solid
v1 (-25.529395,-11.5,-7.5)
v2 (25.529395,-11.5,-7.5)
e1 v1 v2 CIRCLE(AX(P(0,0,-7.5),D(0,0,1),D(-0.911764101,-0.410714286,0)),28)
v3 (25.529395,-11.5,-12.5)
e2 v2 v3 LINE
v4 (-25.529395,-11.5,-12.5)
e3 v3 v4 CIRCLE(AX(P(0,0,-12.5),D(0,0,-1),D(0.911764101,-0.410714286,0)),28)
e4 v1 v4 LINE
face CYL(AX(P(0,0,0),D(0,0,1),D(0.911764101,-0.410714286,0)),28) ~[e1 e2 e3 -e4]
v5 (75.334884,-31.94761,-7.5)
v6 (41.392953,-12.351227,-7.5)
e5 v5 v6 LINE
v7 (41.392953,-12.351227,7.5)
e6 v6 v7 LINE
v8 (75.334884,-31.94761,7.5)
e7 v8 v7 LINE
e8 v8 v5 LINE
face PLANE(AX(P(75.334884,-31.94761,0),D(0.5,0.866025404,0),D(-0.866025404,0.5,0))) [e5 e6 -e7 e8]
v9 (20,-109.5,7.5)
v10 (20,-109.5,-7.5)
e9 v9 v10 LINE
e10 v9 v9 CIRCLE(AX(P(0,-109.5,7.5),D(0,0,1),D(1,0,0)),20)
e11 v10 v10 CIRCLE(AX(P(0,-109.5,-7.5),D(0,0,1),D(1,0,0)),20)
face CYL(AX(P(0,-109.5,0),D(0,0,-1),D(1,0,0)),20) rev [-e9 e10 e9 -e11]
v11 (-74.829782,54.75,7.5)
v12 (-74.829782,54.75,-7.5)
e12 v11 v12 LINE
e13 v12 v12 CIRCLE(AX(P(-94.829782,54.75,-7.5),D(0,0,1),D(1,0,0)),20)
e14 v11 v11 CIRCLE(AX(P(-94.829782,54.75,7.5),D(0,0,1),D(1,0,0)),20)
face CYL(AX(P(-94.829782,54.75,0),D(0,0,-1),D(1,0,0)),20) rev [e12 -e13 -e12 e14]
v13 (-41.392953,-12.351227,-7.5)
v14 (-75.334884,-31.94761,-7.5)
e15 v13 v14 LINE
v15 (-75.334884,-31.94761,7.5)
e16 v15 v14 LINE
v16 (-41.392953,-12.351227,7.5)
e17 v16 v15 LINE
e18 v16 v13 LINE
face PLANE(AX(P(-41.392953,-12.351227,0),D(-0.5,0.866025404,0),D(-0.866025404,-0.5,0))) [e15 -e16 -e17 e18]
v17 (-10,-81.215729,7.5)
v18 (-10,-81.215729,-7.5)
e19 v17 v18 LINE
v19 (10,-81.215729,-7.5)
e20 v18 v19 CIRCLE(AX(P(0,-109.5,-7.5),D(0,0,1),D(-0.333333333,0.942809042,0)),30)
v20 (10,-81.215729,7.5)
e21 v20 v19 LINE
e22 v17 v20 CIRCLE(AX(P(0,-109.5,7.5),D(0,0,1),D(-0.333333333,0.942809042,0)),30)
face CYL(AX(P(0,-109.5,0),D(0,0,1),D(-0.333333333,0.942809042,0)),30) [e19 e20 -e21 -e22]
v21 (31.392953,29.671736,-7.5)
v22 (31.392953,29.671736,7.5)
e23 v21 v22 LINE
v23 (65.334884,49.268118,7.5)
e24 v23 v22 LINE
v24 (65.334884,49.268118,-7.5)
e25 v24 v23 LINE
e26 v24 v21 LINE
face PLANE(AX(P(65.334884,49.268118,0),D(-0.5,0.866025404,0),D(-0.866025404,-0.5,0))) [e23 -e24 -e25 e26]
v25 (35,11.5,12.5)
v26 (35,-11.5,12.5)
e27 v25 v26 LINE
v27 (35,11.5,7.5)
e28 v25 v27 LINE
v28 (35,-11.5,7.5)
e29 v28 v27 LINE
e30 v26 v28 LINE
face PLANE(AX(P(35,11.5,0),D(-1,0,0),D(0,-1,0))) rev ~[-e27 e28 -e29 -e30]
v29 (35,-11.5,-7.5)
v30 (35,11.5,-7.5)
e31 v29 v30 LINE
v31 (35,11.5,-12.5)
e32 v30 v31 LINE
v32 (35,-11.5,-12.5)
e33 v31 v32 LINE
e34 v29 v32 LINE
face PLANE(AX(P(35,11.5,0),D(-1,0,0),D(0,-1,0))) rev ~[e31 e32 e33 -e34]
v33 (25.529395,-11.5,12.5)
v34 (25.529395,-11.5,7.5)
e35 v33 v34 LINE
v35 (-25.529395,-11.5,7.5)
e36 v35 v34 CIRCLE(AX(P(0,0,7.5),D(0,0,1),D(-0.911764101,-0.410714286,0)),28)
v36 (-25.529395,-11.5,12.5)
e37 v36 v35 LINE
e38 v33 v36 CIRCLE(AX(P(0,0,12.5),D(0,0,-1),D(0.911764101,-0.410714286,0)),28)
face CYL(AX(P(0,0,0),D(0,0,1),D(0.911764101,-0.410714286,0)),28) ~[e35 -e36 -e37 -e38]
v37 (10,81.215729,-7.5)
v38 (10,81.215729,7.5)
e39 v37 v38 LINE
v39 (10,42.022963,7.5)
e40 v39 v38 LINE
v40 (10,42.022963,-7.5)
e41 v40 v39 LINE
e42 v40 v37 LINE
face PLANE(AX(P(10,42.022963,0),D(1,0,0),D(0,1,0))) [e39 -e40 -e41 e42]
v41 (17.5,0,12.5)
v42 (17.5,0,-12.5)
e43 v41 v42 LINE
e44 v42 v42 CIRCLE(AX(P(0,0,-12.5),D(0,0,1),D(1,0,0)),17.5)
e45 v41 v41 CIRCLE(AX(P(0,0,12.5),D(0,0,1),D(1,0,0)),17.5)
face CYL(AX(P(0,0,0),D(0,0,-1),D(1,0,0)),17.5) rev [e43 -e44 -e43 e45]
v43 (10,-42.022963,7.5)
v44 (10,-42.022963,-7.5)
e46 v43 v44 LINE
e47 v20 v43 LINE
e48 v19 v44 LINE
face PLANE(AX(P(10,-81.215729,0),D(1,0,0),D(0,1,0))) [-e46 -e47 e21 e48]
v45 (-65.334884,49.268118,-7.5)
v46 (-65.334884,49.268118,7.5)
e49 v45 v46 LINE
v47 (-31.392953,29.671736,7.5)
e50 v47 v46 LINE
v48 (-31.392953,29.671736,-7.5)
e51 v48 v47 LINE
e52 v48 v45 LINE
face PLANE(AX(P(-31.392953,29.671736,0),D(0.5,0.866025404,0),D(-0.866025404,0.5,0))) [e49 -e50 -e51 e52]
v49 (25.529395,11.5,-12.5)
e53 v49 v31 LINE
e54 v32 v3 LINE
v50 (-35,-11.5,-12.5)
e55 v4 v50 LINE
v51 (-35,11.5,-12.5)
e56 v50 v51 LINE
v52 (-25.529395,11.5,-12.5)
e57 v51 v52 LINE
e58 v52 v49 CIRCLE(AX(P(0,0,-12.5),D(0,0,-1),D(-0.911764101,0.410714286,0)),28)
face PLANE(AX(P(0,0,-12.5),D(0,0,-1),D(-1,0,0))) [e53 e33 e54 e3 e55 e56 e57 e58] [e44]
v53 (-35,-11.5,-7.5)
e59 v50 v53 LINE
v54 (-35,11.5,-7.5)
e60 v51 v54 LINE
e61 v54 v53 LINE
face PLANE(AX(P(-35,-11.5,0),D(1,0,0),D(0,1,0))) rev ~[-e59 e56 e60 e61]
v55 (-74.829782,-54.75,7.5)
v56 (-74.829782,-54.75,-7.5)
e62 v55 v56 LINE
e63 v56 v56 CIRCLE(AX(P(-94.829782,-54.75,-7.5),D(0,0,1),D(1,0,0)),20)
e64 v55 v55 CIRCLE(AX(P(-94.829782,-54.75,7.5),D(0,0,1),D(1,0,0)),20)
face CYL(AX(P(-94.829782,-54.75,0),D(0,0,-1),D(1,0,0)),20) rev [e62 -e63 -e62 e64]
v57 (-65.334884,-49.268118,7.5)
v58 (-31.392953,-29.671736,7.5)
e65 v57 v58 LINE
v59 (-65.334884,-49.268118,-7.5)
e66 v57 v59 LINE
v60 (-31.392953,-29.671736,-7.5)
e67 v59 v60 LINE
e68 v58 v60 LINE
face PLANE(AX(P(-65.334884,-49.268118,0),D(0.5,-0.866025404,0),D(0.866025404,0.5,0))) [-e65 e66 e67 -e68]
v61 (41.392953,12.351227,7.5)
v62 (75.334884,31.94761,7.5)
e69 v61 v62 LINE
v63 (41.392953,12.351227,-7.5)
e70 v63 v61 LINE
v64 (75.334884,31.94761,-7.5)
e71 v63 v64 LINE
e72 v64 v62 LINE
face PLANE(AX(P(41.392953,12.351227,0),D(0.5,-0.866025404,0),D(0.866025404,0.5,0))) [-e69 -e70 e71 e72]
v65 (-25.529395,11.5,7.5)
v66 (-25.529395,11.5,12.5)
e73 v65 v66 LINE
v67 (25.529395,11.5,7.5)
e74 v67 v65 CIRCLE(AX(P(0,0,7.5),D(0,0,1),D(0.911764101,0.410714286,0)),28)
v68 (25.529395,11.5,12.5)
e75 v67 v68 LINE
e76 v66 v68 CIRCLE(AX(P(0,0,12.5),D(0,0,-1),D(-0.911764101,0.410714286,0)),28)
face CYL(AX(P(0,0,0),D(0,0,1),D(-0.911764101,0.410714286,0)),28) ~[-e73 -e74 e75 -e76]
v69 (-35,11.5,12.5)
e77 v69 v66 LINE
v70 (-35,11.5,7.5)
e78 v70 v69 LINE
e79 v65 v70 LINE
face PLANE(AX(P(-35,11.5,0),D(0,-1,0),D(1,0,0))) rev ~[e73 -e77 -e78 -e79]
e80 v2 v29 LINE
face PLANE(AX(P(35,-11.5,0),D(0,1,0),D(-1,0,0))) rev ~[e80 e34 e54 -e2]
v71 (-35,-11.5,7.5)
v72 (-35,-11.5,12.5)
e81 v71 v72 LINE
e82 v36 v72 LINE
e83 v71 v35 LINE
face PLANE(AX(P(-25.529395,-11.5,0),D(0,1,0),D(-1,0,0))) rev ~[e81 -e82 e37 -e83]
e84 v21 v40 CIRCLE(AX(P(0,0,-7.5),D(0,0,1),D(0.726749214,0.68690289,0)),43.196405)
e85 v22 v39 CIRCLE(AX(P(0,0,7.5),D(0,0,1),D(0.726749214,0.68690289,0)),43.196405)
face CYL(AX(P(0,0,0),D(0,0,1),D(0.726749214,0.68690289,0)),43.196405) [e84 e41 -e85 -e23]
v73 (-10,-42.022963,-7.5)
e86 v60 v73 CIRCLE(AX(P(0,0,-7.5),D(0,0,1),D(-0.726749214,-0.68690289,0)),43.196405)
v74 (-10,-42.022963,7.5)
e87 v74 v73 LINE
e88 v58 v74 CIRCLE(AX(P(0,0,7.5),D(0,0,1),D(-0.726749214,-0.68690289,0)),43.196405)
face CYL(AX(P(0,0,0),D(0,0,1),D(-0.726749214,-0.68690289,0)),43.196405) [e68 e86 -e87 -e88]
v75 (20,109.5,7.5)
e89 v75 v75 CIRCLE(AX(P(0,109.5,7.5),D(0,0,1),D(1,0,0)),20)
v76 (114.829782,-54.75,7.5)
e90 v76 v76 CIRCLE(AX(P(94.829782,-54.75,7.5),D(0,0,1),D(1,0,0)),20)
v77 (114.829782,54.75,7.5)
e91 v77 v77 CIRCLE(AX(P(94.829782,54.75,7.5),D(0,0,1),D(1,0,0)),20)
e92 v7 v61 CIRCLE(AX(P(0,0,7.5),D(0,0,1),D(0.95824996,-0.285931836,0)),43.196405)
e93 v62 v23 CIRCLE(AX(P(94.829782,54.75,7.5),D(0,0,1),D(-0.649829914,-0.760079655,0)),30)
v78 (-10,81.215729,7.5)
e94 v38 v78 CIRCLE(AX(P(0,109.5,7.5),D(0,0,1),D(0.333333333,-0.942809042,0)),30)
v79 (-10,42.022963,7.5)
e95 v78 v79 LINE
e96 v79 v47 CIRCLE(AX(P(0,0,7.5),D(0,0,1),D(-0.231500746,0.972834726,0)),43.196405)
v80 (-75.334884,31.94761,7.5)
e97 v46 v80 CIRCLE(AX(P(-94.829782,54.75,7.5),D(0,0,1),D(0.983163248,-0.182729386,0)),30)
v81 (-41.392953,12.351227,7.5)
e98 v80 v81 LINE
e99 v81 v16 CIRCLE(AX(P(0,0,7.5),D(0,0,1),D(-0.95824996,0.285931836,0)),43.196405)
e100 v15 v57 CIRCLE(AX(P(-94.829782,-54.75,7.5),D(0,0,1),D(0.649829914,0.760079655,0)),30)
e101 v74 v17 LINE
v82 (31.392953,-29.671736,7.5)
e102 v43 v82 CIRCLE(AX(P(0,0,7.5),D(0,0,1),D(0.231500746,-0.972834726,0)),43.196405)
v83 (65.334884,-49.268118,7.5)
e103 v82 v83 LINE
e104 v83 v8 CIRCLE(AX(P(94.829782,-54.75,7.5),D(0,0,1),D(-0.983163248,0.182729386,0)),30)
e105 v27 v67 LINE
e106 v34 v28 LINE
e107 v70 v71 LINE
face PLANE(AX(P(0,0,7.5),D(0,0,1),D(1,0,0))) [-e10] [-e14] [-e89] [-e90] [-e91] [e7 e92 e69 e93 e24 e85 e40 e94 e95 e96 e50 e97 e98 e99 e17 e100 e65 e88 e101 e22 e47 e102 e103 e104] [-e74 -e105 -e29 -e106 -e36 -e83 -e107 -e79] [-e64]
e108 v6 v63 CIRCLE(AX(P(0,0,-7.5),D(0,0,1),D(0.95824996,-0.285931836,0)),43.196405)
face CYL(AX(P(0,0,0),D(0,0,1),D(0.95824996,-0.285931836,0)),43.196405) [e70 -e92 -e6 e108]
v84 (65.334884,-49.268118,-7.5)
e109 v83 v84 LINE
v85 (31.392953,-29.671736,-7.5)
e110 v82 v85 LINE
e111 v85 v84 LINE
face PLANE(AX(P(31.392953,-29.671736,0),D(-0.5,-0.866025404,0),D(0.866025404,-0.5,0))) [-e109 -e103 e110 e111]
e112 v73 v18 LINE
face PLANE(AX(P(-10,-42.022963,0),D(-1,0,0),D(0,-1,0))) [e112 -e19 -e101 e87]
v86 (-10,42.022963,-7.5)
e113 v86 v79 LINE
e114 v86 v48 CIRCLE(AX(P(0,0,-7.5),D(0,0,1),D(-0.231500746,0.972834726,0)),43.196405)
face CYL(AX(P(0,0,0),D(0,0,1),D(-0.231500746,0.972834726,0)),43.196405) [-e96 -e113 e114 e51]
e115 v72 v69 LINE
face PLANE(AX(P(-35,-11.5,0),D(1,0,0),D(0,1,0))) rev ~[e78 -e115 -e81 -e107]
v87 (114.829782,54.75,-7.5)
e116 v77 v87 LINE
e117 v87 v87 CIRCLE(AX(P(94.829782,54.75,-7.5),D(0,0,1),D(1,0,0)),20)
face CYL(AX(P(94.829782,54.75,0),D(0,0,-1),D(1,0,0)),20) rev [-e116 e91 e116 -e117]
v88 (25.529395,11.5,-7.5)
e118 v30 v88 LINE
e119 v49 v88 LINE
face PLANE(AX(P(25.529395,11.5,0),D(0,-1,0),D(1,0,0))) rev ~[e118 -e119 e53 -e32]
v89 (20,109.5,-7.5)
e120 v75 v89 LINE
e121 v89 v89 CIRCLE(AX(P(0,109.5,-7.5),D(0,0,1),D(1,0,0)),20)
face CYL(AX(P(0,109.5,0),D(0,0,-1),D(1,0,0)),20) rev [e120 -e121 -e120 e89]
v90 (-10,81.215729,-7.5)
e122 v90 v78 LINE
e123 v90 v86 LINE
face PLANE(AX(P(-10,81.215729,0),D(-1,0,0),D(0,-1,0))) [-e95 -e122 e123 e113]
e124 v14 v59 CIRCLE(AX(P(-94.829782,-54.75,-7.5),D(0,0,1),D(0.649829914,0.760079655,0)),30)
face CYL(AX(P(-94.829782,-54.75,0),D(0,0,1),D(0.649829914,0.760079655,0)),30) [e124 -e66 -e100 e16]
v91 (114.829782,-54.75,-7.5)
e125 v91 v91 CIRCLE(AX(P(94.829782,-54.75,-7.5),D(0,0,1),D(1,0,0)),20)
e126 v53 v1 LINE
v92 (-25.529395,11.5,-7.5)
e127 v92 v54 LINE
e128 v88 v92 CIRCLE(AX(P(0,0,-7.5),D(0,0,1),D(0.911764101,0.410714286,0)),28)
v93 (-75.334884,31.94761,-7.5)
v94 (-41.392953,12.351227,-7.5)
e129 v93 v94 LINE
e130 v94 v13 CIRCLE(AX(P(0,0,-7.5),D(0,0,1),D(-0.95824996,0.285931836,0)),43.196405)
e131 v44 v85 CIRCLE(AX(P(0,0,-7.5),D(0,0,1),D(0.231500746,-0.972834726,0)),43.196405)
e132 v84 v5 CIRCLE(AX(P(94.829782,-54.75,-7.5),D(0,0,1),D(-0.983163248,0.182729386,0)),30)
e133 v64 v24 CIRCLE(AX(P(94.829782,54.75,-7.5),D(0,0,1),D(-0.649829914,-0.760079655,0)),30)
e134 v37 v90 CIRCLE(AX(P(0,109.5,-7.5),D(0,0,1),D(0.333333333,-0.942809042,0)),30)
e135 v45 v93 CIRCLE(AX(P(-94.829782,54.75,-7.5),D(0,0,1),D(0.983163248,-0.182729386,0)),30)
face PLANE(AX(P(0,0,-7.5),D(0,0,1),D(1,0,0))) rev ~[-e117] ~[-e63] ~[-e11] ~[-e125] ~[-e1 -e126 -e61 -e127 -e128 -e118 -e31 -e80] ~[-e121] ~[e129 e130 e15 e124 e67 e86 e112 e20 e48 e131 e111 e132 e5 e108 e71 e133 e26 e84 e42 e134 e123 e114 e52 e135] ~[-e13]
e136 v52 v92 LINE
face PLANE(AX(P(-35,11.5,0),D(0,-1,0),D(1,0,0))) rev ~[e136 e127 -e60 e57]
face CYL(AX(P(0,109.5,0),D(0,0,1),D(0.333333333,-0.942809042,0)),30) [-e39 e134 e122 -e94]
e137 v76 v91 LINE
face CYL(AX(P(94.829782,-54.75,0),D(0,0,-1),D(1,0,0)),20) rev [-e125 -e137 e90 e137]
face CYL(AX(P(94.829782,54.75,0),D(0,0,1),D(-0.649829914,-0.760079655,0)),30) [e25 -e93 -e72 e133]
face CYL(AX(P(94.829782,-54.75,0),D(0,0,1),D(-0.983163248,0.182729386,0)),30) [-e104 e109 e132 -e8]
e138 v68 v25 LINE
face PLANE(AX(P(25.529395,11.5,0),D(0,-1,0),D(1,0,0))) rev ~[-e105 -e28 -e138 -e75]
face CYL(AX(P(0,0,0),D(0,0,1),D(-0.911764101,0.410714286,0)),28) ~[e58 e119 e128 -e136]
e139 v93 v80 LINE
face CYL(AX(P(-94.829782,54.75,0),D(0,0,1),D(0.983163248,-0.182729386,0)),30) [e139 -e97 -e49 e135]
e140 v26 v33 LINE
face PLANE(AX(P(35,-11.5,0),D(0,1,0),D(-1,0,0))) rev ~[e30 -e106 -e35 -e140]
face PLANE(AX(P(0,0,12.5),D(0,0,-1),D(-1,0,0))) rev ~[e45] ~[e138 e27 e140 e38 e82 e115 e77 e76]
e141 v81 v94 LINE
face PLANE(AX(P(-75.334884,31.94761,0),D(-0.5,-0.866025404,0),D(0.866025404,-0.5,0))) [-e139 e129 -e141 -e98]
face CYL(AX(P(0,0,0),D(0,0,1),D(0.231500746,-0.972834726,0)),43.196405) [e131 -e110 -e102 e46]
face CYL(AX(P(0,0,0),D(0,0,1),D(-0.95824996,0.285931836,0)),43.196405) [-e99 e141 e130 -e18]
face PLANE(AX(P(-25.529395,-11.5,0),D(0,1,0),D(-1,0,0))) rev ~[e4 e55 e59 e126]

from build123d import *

# Parameters (mm, degrees)
SKETCH2_R           = 17.5
BOSS_EXTRUDE2_DEPTH = 12.5
SKETCH2_5_R         = 20
BOSS_EXTRUDE5_DEPTH = 7.5


with BuildPart() as part:
    # Sketch2 → Boss-Extrude2 (new, symmetric)
    with BuildSketch(Plane.XY):
        with BuildLine():
            Line((25.529394822, 11.5), (35, 11.5))
            Line((35, 11.5), (35, -11.5))
            Line((35, -11.5), (25.529394822, -11.5))
            ThreePointArc((25.529394822, -11.5), (0, -28), (-25.529394822, -11.5))
            Line((-25.529394822, -11.5), (-35, -11.5))
            Line((-35, -11.5), (-35, 11.5))
            Line((-35, 11.5), (-25.529394822, 11.5))
            ThreePointArc((-25.529394822, 11.5), (0, 28), (25.529394822, 11.5))
        make_face()
        Circle(SKETCH2_R, mode=Mode.SUBTRACT)
    extrude(amount=BOSS_EXTRUDE2_DEPTH, both=True)

    # Sketch2<5> → Boss-Extrude5 (add, symmetric)
    with BuildSketch(Plane.XY):
        with BuildLine():
            Line((75.334884287, -31.947610338), (41.392953455, -12.351227436))
            ThreePointArc((41.392953455, -12.351227436), (43.196405116, 0), (41.392953455, 12.351227436))
            Line((41.392953455, 12.351227436), (75.334884287, 31.947610338))
            ThreePointArc((75.334884287, 31.947610338), (120.810543828, 69.75), (65.334884287, 49.268118414))
            Line((65.334884287, 49.268118414), (31.392953455, 29.671735512))
            ThreePointArc((31.392953455, 29.671735512), (21.598202558, 37.409184182), (10, 42.022962948))
            Line((10, 42.022962948), (10, 81.215728753))
            ThreePointArc((10, 81.215728753), (0, 139.5), (-10, 81.215728753))
            Line((-10, 81.215728753), (-10, 42.022962948))
            ThreePointArc((-10, 42.022962948), (-21.598202558, 37.409184182), (-31.392953455, 29.671735512))
            Line((-31.392953455, 29.671735512), (-65.334884287, 49.268118414))
            ThreePointArc((-65.334884287, 49.268118414), (-120.810543828, 69.75), (-75.334884287, 31.947610338))
            Line((-75.334884287, 31.947610338), (-41.392953455, 12.351227436))
            ThreePointArc((-41.392953455, 12.351227436), (-43.196405116, 0), (-41.392953455, -12.351227436))
            Line((-41.392953455, -12.351227436), (-75.334884287, -31.947610338))
            ThreePointArc((-75.334884287, -31.947610338), (-120.810543828, -69.75), (-65.334884287, -49.268118414))
            Line((-65.334884287, -49.268118414), (-31.392953455, -29.671735512))
            ThreePointArc((-31.392953455, -29.671735512), (-21.598202558, -37.409184182), (-10, -42.022962948))
            Line((-10, -42.022962948), (-10, -81.215728753))
            ThreePointArc((-10, -81.215728753), (0, -139.5), (10, -81.215728753))
            Line((10, -81.215728753), (10, -42.022962948))
            ThreePointArc((10, -42.022962948), (21.598202558, -37.409184182), (31.392953455, -29.671735512))
            Line((31.392953455, -29.671735512), (65.334884287, -49.268118414))
            ThreePointArc((65.334884287, -49.268118414), (120.810543828, -69.75), (75.334884287, -31.947610338))
        make_face()
        with Locations((0, 109.5)):
            Circle(SKETCH2_5_R, mode=Mode.SUBTRACT)
        with Locations((94.829781714, 54.75)):
            Circle(SKETCH2_5_R, mode=Mode.SUBTRACT)
        with Locations((94.829781714, -54.75)):
            Circle(SKETCH2_5_R, mode=Mode.SUBTRACT)
        with Locations((0, -109.5)):
            Circle(SKETCH2_5_R, mode=Mode.SUBTRACT)
        with Locations((-94.829781714, -54.75)):
            Circle(SKETCH2_5_R, mode=Mode.SUBTRACT)
        with Locations((-94.829781714, 54.75)):
            Circle(SKETCH2_5_R, mode=Mode.SUBTRACT)
        with BuildLine():
            ThreePointArc((25.529394822, 11.5), (0, 28), (-25.529394822, 11.5))
            Line((-25.529394822, 11.5), (-35, 11.5))
            Line((-35, 11.5), (-35, -11.5))
            Line((-35, -11.5), (-25.529394822, -11.5))
            ThreePointArc((-25.529394822, -11.5), (0, -28), (25.529394822, -11.5))
            Line((25.529394822, -11.5), (35, -11.5))
            Line((35, -11.5), (35, 11.5))
            Line((35, 11.5), (25.529394822, 11.5))
        make_face(mode=Mode.SUBTRACT)
    extrude(amount=BOSS_EXTRUDE5_DEPTH, both=True)


solid = part.part
